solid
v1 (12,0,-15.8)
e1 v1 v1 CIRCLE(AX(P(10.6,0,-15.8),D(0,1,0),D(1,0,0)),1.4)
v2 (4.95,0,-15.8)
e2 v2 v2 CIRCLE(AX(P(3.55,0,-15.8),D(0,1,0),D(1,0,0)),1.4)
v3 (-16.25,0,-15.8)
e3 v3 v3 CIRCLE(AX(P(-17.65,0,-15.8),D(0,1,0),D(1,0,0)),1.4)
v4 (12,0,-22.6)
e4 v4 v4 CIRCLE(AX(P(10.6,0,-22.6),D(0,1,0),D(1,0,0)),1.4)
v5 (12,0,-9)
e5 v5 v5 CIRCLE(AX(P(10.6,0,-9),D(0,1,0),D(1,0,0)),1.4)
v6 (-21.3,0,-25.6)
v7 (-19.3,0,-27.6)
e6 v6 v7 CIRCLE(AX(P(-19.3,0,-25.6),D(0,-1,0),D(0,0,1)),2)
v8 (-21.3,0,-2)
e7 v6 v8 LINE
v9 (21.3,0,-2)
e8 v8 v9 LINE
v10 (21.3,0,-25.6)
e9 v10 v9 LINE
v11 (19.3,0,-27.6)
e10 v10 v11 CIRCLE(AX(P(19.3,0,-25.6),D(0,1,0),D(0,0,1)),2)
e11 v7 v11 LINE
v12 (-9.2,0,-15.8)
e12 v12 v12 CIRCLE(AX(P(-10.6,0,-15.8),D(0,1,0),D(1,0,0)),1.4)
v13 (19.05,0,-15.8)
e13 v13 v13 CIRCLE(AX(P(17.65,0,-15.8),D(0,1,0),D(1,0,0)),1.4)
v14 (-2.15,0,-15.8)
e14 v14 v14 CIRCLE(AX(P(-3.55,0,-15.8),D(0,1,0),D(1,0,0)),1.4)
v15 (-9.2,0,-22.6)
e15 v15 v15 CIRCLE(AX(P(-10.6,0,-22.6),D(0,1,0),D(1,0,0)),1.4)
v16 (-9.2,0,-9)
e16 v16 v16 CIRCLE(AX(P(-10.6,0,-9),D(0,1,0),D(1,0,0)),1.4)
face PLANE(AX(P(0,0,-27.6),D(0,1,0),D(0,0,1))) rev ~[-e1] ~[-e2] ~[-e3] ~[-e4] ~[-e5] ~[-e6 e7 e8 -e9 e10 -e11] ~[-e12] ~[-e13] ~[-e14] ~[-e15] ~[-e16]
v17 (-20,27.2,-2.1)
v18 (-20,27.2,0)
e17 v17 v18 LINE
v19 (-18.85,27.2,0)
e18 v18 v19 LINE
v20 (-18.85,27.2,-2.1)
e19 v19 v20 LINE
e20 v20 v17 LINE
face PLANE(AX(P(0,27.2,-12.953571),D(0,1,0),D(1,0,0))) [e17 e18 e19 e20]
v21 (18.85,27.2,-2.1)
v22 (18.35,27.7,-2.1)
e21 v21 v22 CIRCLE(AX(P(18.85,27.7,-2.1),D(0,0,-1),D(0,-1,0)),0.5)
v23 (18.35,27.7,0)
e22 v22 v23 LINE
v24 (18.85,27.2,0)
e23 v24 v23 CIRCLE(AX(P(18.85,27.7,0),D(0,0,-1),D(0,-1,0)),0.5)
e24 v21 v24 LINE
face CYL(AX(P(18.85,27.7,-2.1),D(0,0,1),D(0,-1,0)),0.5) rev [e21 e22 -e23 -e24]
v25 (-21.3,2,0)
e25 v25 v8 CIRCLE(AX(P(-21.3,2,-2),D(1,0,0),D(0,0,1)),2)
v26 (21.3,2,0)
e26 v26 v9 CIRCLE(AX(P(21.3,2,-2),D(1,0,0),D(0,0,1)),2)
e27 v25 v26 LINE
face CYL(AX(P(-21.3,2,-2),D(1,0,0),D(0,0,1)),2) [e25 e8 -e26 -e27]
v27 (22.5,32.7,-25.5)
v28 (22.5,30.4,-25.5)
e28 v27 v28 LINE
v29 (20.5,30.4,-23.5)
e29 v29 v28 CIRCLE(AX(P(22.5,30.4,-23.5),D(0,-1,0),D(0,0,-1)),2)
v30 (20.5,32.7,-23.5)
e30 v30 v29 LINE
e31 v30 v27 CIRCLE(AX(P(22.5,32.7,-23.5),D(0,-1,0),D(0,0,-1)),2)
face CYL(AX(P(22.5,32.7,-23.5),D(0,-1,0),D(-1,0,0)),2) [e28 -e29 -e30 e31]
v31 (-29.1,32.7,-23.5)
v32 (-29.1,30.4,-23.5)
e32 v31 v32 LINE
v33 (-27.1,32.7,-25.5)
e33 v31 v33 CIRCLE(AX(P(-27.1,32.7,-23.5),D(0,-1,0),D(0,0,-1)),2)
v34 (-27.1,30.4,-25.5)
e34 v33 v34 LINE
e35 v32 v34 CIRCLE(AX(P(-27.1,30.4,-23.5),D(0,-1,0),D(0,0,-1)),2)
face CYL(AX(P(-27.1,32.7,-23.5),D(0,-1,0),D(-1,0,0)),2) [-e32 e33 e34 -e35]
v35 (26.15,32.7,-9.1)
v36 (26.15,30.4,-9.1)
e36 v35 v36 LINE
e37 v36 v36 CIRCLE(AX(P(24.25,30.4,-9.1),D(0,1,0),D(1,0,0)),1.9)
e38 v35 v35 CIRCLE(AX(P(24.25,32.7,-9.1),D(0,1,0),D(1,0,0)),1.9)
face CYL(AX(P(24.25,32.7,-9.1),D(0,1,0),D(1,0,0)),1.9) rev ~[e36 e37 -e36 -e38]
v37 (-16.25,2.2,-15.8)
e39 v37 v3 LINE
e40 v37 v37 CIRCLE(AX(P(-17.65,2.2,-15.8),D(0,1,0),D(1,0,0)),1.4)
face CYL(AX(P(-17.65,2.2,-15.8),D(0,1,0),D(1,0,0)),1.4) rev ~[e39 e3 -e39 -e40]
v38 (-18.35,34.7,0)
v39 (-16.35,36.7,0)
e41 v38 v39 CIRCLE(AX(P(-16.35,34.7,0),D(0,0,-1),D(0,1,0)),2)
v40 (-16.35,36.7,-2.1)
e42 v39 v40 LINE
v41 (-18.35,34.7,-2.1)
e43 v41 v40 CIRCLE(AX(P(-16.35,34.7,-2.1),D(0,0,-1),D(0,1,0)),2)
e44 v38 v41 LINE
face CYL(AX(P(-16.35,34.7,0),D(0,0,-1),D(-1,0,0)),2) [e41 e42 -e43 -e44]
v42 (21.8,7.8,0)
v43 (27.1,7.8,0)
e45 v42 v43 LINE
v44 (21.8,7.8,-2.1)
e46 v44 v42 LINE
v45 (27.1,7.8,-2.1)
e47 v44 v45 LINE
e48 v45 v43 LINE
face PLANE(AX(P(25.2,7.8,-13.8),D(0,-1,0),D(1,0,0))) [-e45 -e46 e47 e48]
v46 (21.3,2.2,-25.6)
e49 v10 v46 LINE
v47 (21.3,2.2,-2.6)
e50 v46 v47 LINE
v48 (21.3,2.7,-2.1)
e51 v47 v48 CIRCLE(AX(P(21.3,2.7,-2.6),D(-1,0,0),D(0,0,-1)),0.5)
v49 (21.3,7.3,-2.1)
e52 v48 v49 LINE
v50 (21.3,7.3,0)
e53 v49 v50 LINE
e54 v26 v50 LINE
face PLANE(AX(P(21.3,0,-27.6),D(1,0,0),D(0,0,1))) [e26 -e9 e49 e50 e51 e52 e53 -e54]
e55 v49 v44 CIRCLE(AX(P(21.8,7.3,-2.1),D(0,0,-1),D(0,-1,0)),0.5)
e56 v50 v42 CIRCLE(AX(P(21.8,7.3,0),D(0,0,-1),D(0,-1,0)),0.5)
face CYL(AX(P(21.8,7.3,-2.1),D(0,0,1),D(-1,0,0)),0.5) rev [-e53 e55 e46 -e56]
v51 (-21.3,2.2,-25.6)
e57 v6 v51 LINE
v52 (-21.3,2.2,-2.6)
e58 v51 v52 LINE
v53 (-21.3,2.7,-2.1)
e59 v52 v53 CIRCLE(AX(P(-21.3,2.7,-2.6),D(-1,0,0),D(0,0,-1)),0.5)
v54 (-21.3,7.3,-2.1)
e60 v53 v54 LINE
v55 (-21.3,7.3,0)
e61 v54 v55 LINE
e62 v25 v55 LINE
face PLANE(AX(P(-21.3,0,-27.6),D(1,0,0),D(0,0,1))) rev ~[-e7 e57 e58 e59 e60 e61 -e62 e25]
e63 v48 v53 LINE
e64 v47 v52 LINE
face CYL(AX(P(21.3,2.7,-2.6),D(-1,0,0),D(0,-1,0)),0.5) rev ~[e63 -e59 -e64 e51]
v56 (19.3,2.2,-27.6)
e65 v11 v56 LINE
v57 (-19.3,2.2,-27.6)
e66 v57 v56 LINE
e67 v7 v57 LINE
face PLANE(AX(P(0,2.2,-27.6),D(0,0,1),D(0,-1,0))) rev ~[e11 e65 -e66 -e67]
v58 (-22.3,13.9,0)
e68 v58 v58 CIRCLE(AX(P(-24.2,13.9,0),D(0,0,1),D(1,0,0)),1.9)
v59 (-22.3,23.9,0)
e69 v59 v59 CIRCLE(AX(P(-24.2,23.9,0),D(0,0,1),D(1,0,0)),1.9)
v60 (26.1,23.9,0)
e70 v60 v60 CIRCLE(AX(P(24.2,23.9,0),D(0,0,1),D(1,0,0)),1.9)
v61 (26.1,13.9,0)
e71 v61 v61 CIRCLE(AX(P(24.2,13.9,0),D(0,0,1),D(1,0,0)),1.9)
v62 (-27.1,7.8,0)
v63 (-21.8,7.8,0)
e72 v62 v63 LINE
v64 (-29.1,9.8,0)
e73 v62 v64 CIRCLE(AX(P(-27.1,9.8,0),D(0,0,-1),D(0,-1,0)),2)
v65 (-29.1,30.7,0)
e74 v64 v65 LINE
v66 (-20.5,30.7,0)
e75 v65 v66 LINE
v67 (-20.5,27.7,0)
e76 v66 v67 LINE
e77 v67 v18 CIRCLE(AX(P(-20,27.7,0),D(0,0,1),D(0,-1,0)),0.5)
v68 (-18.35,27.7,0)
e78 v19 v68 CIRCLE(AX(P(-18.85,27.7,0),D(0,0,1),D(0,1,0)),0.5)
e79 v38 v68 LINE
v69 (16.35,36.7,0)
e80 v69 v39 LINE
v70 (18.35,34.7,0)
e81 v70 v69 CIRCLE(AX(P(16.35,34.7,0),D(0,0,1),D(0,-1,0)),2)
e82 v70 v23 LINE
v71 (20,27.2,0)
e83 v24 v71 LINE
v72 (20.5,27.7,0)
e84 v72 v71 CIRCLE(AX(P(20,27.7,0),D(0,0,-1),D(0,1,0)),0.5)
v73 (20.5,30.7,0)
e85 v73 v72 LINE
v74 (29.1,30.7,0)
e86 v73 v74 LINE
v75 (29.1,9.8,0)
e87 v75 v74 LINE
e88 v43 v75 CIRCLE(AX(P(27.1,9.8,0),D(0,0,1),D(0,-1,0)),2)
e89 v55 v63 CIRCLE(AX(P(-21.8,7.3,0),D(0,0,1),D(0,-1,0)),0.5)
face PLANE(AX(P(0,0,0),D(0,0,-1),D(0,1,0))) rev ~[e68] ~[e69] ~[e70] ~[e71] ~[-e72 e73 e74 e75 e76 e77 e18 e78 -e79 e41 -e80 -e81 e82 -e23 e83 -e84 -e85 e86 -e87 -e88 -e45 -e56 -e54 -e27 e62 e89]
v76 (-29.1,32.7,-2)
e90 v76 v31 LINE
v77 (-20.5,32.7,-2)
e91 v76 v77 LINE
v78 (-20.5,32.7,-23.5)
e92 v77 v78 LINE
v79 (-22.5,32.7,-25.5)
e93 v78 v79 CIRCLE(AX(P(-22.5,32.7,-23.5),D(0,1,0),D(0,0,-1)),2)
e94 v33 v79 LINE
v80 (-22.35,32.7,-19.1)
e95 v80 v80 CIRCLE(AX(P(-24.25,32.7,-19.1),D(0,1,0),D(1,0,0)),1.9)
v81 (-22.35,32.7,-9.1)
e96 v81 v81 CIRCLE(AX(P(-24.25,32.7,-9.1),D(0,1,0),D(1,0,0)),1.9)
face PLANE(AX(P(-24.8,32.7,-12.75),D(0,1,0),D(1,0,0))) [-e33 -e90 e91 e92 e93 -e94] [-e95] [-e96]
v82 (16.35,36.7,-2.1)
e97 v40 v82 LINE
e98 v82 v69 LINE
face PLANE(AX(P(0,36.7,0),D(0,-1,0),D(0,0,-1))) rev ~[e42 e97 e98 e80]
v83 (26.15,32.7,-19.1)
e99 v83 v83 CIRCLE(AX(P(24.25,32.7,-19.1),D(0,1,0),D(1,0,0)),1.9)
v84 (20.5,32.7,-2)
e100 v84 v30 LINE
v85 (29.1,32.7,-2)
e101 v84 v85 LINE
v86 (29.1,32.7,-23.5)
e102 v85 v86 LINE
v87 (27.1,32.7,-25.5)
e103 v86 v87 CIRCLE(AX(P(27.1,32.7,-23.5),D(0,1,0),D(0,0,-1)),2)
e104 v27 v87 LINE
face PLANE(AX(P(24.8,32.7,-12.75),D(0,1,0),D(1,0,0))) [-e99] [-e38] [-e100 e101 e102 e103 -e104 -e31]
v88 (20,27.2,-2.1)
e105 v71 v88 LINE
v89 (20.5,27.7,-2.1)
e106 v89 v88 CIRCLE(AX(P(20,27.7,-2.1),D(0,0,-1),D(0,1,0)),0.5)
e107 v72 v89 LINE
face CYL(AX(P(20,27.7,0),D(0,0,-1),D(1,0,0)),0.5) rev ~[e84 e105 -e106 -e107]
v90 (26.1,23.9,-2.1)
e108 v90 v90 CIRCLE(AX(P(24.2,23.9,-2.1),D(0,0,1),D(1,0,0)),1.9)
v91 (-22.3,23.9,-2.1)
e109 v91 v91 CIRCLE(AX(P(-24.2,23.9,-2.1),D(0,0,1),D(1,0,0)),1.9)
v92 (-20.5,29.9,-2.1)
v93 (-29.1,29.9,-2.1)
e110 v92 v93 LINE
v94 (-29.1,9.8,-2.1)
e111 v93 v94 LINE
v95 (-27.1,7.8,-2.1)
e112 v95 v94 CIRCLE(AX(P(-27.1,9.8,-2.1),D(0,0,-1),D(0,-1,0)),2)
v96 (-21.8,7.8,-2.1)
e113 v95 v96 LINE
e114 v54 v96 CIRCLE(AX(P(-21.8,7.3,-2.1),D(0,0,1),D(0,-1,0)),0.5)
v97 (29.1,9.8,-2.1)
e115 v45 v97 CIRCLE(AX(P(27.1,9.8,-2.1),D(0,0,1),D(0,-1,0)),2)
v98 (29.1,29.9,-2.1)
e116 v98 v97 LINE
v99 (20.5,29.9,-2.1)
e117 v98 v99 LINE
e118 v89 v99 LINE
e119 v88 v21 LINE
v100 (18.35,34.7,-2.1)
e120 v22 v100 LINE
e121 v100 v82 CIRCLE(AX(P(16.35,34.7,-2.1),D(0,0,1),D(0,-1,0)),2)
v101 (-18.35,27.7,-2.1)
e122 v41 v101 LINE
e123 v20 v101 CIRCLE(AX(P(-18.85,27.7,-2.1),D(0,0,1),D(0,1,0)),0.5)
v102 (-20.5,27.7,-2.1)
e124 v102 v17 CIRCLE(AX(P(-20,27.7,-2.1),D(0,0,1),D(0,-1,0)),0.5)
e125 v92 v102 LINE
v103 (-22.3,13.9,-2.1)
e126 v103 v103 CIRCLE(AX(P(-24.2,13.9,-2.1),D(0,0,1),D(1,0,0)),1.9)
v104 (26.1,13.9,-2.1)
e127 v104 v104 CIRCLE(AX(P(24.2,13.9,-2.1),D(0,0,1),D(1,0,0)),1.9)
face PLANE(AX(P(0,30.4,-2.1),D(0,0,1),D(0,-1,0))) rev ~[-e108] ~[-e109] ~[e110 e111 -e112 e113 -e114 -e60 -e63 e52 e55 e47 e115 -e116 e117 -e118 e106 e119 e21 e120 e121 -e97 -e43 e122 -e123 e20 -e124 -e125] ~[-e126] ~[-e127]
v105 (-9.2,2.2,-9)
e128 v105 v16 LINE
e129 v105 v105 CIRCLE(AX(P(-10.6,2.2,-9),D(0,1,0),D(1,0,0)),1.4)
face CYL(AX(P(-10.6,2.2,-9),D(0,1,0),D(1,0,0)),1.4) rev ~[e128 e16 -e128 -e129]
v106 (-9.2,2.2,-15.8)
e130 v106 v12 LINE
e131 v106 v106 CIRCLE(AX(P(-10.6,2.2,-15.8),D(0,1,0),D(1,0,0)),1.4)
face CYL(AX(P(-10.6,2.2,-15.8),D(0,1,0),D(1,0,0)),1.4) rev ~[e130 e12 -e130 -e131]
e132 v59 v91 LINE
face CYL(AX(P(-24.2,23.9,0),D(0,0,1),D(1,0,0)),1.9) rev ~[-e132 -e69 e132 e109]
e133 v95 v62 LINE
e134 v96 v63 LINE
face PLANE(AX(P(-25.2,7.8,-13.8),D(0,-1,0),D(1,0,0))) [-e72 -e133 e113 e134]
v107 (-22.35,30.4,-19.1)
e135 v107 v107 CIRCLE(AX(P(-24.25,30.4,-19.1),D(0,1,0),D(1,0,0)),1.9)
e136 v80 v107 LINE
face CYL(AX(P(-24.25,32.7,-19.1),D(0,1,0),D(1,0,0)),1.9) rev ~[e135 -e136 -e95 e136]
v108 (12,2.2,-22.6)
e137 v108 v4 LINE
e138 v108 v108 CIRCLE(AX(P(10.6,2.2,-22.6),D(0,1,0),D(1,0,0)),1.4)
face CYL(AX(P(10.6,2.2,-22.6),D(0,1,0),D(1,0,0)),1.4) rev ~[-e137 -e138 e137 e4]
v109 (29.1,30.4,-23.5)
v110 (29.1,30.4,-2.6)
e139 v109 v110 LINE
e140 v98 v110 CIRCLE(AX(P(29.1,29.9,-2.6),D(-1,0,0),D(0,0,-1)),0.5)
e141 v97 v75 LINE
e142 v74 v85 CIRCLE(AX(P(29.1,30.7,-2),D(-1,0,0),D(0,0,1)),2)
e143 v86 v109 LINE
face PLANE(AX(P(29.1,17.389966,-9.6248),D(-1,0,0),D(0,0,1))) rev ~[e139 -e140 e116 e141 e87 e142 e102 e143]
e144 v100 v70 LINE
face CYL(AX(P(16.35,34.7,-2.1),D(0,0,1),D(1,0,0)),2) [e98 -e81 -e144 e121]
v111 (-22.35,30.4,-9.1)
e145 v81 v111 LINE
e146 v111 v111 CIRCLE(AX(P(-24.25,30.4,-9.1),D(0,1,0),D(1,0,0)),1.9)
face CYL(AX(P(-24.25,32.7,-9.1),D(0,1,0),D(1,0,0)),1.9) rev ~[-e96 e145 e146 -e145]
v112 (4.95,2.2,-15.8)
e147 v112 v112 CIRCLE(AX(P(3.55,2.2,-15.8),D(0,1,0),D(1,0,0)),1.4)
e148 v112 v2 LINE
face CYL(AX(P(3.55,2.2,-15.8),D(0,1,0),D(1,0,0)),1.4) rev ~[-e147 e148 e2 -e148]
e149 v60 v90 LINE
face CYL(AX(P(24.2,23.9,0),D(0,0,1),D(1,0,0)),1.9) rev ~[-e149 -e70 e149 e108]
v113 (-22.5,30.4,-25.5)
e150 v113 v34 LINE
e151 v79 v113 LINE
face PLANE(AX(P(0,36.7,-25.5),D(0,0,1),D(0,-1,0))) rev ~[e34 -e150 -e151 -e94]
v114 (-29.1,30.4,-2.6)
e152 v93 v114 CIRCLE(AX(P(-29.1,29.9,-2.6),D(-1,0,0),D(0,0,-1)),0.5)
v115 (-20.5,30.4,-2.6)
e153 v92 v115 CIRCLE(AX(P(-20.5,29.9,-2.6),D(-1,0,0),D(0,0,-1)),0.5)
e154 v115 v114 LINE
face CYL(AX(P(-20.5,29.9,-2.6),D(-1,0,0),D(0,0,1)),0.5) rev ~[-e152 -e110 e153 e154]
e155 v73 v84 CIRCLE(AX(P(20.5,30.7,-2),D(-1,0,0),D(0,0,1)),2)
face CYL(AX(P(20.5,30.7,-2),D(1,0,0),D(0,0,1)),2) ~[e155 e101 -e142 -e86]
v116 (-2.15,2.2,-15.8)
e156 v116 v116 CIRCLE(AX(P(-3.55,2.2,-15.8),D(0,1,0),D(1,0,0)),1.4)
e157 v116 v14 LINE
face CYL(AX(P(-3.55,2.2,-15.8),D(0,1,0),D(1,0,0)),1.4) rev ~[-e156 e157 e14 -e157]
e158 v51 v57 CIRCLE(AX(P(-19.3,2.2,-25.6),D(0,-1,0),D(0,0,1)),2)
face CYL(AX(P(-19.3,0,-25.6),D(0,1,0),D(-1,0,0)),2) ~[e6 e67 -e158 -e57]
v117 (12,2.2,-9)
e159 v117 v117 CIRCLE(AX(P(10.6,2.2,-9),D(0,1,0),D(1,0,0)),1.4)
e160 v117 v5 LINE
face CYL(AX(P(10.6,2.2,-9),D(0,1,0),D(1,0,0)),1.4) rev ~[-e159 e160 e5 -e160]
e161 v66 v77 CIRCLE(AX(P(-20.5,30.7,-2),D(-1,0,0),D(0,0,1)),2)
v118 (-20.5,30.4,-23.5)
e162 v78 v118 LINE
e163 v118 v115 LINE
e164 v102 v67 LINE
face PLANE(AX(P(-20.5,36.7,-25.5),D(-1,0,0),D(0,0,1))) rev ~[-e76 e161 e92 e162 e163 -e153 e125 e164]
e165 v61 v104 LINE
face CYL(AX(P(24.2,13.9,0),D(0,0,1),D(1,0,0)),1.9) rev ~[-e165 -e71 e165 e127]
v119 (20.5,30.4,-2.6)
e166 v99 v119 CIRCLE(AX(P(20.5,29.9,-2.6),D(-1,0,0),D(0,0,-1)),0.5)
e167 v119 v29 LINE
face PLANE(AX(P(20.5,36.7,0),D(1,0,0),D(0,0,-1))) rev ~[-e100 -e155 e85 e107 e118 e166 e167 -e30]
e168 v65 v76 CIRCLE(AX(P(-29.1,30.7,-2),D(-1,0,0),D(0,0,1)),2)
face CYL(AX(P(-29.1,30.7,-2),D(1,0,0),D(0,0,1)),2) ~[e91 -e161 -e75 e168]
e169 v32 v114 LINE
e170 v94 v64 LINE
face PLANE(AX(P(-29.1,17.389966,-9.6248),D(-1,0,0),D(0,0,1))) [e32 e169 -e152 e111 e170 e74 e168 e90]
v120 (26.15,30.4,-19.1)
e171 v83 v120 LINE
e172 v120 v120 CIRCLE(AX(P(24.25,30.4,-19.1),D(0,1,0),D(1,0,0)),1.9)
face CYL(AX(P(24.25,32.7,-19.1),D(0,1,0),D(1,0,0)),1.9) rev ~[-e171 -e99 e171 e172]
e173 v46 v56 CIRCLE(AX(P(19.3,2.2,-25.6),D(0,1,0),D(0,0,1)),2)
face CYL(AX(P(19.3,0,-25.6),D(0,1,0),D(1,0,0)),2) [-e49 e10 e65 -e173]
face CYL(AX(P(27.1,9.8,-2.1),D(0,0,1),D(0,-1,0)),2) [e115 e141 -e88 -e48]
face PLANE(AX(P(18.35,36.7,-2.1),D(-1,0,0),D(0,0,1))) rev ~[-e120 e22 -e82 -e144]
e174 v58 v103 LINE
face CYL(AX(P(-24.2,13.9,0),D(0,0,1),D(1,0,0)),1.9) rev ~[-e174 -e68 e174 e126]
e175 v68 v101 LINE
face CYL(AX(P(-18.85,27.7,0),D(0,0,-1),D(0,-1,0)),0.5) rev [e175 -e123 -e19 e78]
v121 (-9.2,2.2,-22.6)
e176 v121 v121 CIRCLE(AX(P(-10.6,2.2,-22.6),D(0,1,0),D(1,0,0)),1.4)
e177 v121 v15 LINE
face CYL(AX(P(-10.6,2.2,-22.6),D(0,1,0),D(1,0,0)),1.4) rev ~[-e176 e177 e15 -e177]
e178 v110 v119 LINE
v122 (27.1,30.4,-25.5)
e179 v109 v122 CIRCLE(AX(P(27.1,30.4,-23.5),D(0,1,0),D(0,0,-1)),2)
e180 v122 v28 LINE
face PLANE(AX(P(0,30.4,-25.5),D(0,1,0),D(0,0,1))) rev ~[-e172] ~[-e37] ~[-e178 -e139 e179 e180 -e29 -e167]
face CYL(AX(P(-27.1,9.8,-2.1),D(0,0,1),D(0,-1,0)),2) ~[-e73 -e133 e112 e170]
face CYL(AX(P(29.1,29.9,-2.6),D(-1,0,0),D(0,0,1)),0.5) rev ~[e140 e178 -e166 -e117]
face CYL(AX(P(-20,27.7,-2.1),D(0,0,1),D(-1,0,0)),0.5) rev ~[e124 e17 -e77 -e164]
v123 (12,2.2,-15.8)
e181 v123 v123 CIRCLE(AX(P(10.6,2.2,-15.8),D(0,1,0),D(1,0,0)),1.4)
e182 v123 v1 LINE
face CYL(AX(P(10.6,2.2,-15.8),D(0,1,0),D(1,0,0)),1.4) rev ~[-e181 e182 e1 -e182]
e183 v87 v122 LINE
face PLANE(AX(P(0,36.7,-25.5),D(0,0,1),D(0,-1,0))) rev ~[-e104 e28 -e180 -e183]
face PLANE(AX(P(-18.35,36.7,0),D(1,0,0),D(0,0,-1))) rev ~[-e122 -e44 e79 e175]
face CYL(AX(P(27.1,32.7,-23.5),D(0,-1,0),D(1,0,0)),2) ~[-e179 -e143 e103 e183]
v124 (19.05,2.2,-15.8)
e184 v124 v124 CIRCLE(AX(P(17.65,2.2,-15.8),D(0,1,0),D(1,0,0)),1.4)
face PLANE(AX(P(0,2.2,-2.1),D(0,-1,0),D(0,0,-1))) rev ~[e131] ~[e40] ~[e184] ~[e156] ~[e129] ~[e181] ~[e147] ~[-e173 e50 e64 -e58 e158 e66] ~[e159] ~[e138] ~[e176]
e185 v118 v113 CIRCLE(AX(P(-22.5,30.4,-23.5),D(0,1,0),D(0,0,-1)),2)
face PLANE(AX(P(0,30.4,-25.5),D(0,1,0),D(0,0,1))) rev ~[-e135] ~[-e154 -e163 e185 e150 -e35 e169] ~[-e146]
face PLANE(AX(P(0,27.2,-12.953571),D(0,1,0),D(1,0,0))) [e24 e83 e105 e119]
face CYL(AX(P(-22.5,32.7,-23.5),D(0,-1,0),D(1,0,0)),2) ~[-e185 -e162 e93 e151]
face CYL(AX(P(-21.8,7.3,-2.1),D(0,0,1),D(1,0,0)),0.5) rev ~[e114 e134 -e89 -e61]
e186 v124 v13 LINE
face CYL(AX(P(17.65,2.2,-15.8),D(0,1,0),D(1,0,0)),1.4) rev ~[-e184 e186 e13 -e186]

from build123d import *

# Parameters (mm, degrees)
BOSS_EXTRUDE1_DEPTH = 29.1
CUT_EXTRUDE1_DEPTH  = 9.5
SKETCH3_W           = 8.6
SKETCH3_H           = 25.5
CUT_EXTRUDE2_DEPTH  = 4
SKETCH4_W           = 7.8
SKETCH4_H           = 27.6
CUT_EXTRUDE3_DEPTH  = 7.8
SKETCH5_R           = 1.9
CUT_EXTRUDE4_DEPTH  = 2.3
SKETCH6_R           = 1.9
CUT_EXTRUDE5_DEPTH  = 2.1
FILLET_2MM_R        = 2
FILLET2_R           = 0.5
SKETCH7_R           = 1.4
CUT_EXTRUDE6_DEPTH  = 2.2


with BuildPart() as part:
    # Sketch1 → Boss-Extrude1 (new body, symmetric)
    with BuildSketch(Plane(origin=(0, 0, 0), x_dir=(0, 0, -1), z_dir=(1, 0, 0))):
        Polygon((0, 0), (0, 36.7), (25.5, 36.7), (25.5, 30.4), (2.1, 30.4), (2.1, 2.2), (27.6, 2.2), (27.6, 0), align=None)
    extrude(amount=BOSS_EXTRUDE1_DEPTH, both=True)

    # Sketch2 → Cut-Extrude1 (cut)
    with BuildSketch(Plane(origin=(0, 36.7, 0), x_dir=(1, 0, 0), z_dir=(0, 1, 0))):
        Polygon((-18.35, 2.1), (18.35, 2.1), (18.35, 0), (20.5, 0), (20.5, 25.5), (-20.5, 25.5), (-20.5, 0), (-18.35, 0), align=None)
    extrude(amount=-CUT_EXTRUDE1_DEPTH, mode=Mode.SUBTRACT)

    # Sketch3 → Cut-Extrude2 (cut)
    with BuildSketch(Plane(origin=(0, 36.7, 0), x_dir=(1, 0, 0), z_dir=(0, 1, 0))):
        with Locations((24.8, 12.75)):
            Rectangle(SKETCH3_W, SKETCH3_H)
        with Locations((-24.8, 12.75)):
            Rectangle(SKETCH3_W, SKETCH3_H)
    extrude(amount=-CUT_EXTRUDE2_DEPTH, mode=Mode.SUBTRACT)

    # Sketch4 → Cut-Extrude3 (cut)
    with BuildSketch(Plane.XZ):
        with Locations((-25.2, -13.8)):
            Rectangle(SKETCH4_W, SKETCH4_H)
        with Locations((25.2, -13.8)):
            Rectangle(SKETCH4_W, SKETCH4_H)
    extrude(amount=-CUT_EXTRUDE3_DEPTH, mode=Mode.SUBTRACT)

    # Sketch5 → Cut-Extrude4 (cut)
    with BuildSketch(Plane(origin=(0, 32.7, 0), x_dir=(1, 0, 0), z_dir=(0, 1, 0))):
        with Locations((-24.25, 19.1)):
            Circle(SKETCH5_R)
        with Locations((-24.25, 9.1)):
            Circle(SKETCH5_R)
        with Locations((24.25, 9.1)):
            Circle(SKETCH5_R)
        with Locations((24.25, 19.1)):
            Circle(SKETCH5_R)
    extrude(amount=-CUT_EXTRUDE4_DEPTH, mode=Mode.SUBTRACT)

    # Sketch6 → Cut-Extrude5 (cut)
    with BuildSketch(Plane.XY):
        with Locations((24.2, 23.9)):
            Circle(SKETCH6_R)
        with Locations((24.2, 13.9)):
            Circle(SKETCH6_R)
        with Locations((-24.2, 13.9)):
            Circle(SKETCH6_R)
        with Locations((-24.2, 23.9)):
            Circle(SKETCH6_R)
    extrude(amount=-CUT_EXTRUDE5_DEPTH, mode=Mode.SUBTRACT)

    # Fillet 2mm
    fillet_2mm_edges = [part.edges().sort_by_distance(p)[0] for p in [
        (0, 0, 0),
        (-21.3, 1.1, -27.6),
        (-29.1, 7.8, -1.05),
        (29.1, 7.8, -1.05),
        (21.3, 1.1, -27.6),
        (29.1, 31.55, -25.5),
        (-20.5, 31.55, -25.5),
        (20.5, 31.55, -25.5),
        (-18.35, 36.7, -1.05),
        (18.35, 36.7, -1.05),
        (24.8, 32.7, 0),
        (-24.8, 32.7, 0),
        (-29.1, 31.55, -25.5),
    ]]
    fillet(fillet_2mm_edges, radius=FILLET_2MM_R)

    # Fillet2
    fillet2_edges = [part.edges().sort_by_distance(p)[0] for p in [
        (0, 2.2, -2.1),
        (-21.3, 7.8, -1.05),
        (21.3, 7.8, -1.05),
        (24.8, 30.4, -2.1),
        (-24.8, 30.4, -2.1),
        (20.5, 27.2, -1.05),
        (-20.5, 27.2, -1.05),
        (18.35, 27.2, -1.05),
        (-18.35, 27.2, -1.05),
    ]]
    fillet(fillet2_edges, radius=FILLET2_R)

    # Sketch7 → Cut-Extrude6 (cut)
    with BuildSketch(Plane(origin=(0, 2.2, 0), x_dir=(1, 0, 0), z_dir=(0, 1, 0))):
        with Locations((10.6, 22.6)):
            Circle(SKETCH7_R)
        with Locations((10.6, 9)):
            Circle(SKETCH7_R)
        with Locations((10.6, 15.8)):
            Circle(SKETCH7_R)
        with Locations((3.55, 15.8)):
            Circle(SKETCH7_R)
        with Locations((17.65, 15.8)):
            Circle(SKETCH7_R)
        with Locations((-17.65, 15.8)):
            Circle(SKETCH7_R)
        with Locations((-3.55, 15.8)):
            Circle(SKETCH7_R)
        with Locations((-10.6, 15.8)):
            Circle(SKETCH7_R)
        with Locations((-10.6, 9)):
            Circle(SKETCH7_R)
        with Locations((-10.6, 22.6)):
            Circle(SKETCH7_R)
    extrude(amount=-CUT_EXTRUDE6_DEPTH, mode=Mode.SUBTRACT)


solid = part.part
